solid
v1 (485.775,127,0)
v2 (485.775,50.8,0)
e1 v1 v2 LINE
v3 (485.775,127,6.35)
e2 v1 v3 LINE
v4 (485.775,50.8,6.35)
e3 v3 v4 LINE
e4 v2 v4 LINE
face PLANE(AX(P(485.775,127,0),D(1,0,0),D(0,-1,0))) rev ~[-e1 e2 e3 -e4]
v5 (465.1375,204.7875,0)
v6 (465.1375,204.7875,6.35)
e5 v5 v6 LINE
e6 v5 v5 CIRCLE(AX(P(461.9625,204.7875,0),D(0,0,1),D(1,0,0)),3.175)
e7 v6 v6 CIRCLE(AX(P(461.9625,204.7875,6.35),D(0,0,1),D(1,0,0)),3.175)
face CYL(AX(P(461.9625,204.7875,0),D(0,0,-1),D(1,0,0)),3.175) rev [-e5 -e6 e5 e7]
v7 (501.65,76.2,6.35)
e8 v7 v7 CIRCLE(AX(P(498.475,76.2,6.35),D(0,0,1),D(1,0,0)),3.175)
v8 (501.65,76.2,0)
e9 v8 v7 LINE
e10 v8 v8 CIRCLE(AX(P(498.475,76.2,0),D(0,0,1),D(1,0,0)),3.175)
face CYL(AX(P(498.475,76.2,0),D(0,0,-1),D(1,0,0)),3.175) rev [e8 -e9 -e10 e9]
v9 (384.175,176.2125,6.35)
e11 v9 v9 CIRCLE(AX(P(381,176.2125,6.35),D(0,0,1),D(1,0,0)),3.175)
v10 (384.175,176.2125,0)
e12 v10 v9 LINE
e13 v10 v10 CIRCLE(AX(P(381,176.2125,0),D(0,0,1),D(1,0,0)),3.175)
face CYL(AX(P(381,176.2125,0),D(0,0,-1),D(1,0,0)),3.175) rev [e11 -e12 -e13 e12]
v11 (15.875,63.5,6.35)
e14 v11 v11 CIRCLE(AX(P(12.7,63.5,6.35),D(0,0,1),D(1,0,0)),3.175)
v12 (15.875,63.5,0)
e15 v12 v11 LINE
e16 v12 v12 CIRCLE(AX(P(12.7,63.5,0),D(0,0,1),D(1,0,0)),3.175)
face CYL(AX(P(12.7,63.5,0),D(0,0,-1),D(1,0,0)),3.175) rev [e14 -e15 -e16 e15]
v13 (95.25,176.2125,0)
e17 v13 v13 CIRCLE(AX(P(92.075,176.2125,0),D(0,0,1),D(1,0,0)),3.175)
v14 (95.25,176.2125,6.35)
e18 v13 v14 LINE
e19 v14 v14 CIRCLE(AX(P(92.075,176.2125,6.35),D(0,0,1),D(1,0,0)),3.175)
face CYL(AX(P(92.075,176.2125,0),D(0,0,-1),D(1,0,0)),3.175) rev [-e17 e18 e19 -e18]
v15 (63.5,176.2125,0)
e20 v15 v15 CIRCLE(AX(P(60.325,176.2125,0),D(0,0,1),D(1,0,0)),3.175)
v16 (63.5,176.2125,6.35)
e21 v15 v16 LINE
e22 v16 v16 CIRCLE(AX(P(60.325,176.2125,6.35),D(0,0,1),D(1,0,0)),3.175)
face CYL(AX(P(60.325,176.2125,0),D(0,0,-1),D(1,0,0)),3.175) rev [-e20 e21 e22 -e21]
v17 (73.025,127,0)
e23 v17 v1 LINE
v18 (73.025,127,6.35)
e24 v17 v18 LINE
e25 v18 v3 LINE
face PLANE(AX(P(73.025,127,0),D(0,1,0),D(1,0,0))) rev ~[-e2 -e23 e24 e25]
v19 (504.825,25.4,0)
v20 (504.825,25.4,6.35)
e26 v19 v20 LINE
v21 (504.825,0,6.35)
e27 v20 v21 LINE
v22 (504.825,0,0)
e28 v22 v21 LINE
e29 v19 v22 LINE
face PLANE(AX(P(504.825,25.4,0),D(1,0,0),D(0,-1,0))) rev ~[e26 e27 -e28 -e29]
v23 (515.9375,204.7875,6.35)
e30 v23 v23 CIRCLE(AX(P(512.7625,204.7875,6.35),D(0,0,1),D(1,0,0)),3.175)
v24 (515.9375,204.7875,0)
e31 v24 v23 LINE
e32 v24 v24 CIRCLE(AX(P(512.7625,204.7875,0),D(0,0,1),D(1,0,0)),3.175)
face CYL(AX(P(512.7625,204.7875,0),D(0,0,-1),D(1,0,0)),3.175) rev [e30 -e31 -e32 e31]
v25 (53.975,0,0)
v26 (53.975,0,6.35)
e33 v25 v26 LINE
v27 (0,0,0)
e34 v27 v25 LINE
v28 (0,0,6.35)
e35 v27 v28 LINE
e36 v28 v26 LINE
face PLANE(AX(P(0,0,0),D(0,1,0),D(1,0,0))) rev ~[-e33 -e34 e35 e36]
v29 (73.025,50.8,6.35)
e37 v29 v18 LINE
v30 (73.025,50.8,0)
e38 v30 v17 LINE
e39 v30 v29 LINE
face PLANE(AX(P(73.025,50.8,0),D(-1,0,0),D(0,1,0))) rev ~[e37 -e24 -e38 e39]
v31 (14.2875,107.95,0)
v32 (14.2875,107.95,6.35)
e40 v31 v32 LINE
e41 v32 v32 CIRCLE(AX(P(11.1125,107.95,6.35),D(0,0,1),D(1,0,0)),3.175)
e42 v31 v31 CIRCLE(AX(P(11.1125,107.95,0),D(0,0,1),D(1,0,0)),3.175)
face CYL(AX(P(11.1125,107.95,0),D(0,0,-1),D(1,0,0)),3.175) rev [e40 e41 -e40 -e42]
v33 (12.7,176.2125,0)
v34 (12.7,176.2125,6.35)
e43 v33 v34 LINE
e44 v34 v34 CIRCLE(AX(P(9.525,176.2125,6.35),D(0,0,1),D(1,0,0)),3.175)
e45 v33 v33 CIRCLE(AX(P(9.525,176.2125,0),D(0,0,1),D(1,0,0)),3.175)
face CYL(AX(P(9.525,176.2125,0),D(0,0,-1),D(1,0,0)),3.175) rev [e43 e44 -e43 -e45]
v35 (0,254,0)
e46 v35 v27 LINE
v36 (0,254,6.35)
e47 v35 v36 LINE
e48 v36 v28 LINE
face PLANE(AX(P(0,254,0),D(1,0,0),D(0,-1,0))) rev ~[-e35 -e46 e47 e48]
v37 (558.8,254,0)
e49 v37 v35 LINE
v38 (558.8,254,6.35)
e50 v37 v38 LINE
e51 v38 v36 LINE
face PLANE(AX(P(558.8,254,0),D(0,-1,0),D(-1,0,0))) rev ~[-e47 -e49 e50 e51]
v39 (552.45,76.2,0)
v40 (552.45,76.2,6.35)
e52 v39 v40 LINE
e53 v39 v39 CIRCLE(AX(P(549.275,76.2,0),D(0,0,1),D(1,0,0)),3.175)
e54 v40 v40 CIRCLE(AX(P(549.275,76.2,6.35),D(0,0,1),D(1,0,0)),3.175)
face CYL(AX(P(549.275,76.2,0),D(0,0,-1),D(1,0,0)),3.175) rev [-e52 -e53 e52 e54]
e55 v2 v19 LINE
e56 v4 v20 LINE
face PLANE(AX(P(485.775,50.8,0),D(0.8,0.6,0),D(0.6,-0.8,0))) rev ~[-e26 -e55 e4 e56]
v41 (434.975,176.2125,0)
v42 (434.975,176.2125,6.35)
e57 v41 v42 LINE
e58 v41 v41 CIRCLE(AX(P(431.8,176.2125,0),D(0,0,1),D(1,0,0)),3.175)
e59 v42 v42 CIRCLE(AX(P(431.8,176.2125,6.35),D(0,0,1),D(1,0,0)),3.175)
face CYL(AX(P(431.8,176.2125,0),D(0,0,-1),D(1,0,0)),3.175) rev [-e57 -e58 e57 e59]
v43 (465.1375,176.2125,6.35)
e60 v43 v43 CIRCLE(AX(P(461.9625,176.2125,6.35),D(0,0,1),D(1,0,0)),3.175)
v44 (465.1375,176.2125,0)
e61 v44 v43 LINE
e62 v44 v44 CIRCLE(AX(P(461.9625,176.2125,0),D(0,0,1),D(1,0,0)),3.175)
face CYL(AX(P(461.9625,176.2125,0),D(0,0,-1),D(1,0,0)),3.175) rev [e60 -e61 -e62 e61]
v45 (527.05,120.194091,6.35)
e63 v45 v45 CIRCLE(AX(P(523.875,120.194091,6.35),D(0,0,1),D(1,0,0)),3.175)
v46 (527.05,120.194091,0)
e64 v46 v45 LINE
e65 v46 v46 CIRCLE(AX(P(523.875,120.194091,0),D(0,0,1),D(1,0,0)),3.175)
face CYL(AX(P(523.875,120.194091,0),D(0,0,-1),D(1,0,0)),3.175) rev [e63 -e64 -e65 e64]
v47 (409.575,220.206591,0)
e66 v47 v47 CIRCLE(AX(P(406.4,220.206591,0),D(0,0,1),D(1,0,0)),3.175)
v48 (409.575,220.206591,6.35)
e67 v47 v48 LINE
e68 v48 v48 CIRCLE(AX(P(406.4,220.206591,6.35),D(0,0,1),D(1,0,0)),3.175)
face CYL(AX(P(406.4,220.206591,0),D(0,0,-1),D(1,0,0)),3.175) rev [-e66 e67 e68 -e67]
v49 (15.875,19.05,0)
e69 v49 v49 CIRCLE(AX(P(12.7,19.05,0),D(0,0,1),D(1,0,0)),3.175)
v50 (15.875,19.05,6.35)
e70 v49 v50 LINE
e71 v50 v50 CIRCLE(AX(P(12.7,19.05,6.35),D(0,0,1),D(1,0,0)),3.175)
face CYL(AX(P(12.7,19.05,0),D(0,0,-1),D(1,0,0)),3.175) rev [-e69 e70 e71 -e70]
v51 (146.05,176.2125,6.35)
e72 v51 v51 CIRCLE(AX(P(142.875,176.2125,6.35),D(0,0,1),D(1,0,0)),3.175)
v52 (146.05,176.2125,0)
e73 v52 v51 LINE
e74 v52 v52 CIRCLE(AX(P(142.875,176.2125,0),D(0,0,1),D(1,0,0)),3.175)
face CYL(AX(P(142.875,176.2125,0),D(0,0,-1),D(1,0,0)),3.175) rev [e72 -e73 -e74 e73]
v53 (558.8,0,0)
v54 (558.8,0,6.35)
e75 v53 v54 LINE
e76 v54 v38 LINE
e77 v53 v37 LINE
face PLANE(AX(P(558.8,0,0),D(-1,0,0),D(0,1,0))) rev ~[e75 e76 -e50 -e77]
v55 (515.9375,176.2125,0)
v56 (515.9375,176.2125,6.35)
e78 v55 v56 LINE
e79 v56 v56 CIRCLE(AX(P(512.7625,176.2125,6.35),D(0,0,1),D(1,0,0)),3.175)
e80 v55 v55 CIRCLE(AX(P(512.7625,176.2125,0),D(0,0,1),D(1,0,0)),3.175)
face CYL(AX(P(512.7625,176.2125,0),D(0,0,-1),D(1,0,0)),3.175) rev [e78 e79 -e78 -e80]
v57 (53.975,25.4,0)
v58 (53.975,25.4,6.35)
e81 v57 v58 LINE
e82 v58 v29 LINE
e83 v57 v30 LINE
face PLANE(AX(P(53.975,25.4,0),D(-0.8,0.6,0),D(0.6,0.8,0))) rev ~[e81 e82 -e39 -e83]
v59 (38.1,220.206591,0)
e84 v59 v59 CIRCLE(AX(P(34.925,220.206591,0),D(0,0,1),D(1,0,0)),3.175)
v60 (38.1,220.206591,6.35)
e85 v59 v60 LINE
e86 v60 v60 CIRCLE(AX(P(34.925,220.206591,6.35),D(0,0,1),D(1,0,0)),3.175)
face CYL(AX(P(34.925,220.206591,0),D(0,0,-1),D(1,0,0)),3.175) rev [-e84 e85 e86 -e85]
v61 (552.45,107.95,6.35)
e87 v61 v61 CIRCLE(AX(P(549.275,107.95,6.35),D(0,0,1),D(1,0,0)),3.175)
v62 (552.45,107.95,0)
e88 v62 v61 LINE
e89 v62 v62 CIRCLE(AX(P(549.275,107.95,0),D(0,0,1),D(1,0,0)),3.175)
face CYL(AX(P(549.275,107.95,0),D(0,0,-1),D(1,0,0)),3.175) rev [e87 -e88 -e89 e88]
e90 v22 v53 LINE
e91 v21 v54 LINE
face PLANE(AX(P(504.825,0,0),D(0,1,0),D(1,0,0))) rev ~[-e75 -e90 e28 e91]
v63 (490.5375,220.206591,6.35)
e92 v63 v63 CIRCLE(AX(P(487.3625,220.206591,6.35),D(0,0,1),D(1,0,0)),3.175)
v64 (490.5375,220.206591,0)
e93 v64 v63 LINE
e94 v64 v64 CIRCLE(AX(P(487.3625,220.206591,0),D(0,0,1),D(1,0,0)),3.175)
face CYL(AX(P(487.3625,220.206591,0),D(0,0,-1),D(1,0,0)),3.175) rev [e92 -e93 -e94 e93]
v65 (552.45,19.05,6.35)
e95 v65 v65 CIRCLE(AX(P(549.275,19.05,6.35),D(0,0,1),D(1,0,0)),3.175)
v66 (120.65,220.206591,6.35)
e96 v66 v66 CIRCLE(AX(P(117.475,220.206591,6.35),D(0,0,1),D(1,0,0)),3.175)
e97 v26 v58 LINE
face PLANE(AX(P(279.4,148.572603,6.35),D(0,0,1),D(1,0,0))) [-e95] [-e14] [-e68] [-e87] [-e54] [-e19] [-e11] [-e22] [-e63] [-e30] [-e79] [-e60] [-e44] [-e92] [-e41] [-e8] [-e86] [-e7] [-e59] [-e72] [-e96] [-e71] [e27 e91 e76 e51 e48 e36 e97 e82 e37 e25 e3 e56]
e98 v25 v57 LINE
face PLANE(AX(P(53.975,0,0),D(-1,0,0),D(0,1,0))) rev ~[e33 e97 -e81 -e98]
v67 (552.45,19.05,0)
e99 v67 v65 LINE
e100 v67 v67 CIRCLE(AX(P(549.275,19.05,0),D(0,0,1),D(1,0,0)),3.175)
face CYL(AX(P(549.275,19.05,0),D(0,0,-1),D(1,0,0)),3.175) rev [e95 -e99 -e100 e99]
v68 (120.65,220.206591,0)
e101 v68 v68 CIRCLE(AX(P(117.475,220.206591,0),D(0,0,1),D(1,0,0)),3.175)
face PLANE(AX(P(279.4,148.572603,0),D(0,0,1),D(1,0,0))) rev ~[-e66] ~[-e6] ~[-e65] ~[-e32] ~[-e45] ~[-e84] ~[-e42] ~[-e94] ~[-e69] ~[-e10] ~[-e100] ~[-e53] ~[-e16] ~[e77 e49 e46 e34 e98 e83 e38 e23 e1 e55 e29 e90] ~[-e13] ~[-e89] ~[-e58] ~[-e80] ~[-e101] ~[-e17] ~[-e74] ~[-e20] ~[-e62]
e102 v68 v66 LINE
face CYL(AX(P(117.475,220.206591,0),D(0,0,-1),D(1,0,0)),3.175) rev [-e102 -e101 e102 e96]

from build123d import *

# Parameters (mm, degrees)
F0_R     = 3.175
F1_DEPTH = 6.35


with BuildPart() as f1:
    # F0 (on Top) → F1 (new body)
    with BuildSketch(Plane.XY):
        Polygon((0, 254), (0, 0), (53.975, 0), (53.975, 25.4), (73.025, 50.8), (73.025, 127), (485.775, 127), (485.775, 50.8), (504.825, 25.4), (504.825, 0), (558.8, 0), (558.8, 254), align=None)
        with Locations((12.7, 19.05)):
            Circle(F0_R, mode=Mode.SUBTRACT)
        with Locations((12.7, 63.5)):
            Circle(F0_R, mode=Mode.SUBTRACT)
        with Locations((11.1125, 107.95)):
            Circle(F0_R, mode=Mode.SUBTRACT)
        with Locations((549.275, 19.05)):
            Circle(F0_R, mode=Mode.SUBTRACT)
        with Locations((498.475, 76.2)):
            Circle(F0_R, mode=Mode.SUBTRACT)
        with Locations((549.275, 76.2)):
            Circle(F0_R, mode=Mode.SUBTRACT)
        with Locations((549.275, 107.95)):
            Circle(F0_R, mode=Mode.SUBTRACT)
        with Locations((523.875, 120.194091)):
            Circle(F0_R, mode=Mode.SUBTRACT)
        with Locations((9.525, 176.2125)):
            Circle(F0_R, mode=Mode.SUBTRACT)
        with Locations((60.325, 176.2125)):
            Circle(F0_R, mode=Mode.SUBTRACT)
        with Locations((92.075, 176.2125)):
            Circle(F0_R, mode=Mode.SUBTRACT)
        with Locations((142.875, 176.2125)):
            Circle(F0_R, mode=Mode.SUBTRACT)
        with Locations((34.925, 220.206591)):
            Circle(F0_R, mode=Mode.SUBTRACT)
        with Locations((117.475, 220.206591)):
            Circle(F0_R, mode=Mode.SUBTRACT)
        with Locations((381, 176.2125)):
            Circle(F0_R, mode=Mode.SUBTRACT)
        with Locations((431.8, 176.2125)):
            Circle(F0_R, mode=Mode.SUBTRACT)
        with Locations((461.9625, 176.2125)):
            Circle(F0_R, mode=Mode.SUBTRACT)
        with Locations((512.7625, 176.2125)):
            Circle(F0_R, mode=Mode.SUBTRACT)
        with Locations((406.4, 220.206591)):
            Circle(F0_R, mode=Mode.SUBTRACT)
        with Locations((461.9625, 204.7875)):
            Circle(F0_R, mode=Mode.SUBTRACT)
        with Locations((487.3625, 220.206591)):
            Circle(F0_R, mode=Mode.SUBTRACT)
        with Locations((512.7625, 204.7875)):
            Circle(F0_R, mode=Mode.SUBTRACT)
    extrude(amount=F1_DEPTH)


solid = f1.part
